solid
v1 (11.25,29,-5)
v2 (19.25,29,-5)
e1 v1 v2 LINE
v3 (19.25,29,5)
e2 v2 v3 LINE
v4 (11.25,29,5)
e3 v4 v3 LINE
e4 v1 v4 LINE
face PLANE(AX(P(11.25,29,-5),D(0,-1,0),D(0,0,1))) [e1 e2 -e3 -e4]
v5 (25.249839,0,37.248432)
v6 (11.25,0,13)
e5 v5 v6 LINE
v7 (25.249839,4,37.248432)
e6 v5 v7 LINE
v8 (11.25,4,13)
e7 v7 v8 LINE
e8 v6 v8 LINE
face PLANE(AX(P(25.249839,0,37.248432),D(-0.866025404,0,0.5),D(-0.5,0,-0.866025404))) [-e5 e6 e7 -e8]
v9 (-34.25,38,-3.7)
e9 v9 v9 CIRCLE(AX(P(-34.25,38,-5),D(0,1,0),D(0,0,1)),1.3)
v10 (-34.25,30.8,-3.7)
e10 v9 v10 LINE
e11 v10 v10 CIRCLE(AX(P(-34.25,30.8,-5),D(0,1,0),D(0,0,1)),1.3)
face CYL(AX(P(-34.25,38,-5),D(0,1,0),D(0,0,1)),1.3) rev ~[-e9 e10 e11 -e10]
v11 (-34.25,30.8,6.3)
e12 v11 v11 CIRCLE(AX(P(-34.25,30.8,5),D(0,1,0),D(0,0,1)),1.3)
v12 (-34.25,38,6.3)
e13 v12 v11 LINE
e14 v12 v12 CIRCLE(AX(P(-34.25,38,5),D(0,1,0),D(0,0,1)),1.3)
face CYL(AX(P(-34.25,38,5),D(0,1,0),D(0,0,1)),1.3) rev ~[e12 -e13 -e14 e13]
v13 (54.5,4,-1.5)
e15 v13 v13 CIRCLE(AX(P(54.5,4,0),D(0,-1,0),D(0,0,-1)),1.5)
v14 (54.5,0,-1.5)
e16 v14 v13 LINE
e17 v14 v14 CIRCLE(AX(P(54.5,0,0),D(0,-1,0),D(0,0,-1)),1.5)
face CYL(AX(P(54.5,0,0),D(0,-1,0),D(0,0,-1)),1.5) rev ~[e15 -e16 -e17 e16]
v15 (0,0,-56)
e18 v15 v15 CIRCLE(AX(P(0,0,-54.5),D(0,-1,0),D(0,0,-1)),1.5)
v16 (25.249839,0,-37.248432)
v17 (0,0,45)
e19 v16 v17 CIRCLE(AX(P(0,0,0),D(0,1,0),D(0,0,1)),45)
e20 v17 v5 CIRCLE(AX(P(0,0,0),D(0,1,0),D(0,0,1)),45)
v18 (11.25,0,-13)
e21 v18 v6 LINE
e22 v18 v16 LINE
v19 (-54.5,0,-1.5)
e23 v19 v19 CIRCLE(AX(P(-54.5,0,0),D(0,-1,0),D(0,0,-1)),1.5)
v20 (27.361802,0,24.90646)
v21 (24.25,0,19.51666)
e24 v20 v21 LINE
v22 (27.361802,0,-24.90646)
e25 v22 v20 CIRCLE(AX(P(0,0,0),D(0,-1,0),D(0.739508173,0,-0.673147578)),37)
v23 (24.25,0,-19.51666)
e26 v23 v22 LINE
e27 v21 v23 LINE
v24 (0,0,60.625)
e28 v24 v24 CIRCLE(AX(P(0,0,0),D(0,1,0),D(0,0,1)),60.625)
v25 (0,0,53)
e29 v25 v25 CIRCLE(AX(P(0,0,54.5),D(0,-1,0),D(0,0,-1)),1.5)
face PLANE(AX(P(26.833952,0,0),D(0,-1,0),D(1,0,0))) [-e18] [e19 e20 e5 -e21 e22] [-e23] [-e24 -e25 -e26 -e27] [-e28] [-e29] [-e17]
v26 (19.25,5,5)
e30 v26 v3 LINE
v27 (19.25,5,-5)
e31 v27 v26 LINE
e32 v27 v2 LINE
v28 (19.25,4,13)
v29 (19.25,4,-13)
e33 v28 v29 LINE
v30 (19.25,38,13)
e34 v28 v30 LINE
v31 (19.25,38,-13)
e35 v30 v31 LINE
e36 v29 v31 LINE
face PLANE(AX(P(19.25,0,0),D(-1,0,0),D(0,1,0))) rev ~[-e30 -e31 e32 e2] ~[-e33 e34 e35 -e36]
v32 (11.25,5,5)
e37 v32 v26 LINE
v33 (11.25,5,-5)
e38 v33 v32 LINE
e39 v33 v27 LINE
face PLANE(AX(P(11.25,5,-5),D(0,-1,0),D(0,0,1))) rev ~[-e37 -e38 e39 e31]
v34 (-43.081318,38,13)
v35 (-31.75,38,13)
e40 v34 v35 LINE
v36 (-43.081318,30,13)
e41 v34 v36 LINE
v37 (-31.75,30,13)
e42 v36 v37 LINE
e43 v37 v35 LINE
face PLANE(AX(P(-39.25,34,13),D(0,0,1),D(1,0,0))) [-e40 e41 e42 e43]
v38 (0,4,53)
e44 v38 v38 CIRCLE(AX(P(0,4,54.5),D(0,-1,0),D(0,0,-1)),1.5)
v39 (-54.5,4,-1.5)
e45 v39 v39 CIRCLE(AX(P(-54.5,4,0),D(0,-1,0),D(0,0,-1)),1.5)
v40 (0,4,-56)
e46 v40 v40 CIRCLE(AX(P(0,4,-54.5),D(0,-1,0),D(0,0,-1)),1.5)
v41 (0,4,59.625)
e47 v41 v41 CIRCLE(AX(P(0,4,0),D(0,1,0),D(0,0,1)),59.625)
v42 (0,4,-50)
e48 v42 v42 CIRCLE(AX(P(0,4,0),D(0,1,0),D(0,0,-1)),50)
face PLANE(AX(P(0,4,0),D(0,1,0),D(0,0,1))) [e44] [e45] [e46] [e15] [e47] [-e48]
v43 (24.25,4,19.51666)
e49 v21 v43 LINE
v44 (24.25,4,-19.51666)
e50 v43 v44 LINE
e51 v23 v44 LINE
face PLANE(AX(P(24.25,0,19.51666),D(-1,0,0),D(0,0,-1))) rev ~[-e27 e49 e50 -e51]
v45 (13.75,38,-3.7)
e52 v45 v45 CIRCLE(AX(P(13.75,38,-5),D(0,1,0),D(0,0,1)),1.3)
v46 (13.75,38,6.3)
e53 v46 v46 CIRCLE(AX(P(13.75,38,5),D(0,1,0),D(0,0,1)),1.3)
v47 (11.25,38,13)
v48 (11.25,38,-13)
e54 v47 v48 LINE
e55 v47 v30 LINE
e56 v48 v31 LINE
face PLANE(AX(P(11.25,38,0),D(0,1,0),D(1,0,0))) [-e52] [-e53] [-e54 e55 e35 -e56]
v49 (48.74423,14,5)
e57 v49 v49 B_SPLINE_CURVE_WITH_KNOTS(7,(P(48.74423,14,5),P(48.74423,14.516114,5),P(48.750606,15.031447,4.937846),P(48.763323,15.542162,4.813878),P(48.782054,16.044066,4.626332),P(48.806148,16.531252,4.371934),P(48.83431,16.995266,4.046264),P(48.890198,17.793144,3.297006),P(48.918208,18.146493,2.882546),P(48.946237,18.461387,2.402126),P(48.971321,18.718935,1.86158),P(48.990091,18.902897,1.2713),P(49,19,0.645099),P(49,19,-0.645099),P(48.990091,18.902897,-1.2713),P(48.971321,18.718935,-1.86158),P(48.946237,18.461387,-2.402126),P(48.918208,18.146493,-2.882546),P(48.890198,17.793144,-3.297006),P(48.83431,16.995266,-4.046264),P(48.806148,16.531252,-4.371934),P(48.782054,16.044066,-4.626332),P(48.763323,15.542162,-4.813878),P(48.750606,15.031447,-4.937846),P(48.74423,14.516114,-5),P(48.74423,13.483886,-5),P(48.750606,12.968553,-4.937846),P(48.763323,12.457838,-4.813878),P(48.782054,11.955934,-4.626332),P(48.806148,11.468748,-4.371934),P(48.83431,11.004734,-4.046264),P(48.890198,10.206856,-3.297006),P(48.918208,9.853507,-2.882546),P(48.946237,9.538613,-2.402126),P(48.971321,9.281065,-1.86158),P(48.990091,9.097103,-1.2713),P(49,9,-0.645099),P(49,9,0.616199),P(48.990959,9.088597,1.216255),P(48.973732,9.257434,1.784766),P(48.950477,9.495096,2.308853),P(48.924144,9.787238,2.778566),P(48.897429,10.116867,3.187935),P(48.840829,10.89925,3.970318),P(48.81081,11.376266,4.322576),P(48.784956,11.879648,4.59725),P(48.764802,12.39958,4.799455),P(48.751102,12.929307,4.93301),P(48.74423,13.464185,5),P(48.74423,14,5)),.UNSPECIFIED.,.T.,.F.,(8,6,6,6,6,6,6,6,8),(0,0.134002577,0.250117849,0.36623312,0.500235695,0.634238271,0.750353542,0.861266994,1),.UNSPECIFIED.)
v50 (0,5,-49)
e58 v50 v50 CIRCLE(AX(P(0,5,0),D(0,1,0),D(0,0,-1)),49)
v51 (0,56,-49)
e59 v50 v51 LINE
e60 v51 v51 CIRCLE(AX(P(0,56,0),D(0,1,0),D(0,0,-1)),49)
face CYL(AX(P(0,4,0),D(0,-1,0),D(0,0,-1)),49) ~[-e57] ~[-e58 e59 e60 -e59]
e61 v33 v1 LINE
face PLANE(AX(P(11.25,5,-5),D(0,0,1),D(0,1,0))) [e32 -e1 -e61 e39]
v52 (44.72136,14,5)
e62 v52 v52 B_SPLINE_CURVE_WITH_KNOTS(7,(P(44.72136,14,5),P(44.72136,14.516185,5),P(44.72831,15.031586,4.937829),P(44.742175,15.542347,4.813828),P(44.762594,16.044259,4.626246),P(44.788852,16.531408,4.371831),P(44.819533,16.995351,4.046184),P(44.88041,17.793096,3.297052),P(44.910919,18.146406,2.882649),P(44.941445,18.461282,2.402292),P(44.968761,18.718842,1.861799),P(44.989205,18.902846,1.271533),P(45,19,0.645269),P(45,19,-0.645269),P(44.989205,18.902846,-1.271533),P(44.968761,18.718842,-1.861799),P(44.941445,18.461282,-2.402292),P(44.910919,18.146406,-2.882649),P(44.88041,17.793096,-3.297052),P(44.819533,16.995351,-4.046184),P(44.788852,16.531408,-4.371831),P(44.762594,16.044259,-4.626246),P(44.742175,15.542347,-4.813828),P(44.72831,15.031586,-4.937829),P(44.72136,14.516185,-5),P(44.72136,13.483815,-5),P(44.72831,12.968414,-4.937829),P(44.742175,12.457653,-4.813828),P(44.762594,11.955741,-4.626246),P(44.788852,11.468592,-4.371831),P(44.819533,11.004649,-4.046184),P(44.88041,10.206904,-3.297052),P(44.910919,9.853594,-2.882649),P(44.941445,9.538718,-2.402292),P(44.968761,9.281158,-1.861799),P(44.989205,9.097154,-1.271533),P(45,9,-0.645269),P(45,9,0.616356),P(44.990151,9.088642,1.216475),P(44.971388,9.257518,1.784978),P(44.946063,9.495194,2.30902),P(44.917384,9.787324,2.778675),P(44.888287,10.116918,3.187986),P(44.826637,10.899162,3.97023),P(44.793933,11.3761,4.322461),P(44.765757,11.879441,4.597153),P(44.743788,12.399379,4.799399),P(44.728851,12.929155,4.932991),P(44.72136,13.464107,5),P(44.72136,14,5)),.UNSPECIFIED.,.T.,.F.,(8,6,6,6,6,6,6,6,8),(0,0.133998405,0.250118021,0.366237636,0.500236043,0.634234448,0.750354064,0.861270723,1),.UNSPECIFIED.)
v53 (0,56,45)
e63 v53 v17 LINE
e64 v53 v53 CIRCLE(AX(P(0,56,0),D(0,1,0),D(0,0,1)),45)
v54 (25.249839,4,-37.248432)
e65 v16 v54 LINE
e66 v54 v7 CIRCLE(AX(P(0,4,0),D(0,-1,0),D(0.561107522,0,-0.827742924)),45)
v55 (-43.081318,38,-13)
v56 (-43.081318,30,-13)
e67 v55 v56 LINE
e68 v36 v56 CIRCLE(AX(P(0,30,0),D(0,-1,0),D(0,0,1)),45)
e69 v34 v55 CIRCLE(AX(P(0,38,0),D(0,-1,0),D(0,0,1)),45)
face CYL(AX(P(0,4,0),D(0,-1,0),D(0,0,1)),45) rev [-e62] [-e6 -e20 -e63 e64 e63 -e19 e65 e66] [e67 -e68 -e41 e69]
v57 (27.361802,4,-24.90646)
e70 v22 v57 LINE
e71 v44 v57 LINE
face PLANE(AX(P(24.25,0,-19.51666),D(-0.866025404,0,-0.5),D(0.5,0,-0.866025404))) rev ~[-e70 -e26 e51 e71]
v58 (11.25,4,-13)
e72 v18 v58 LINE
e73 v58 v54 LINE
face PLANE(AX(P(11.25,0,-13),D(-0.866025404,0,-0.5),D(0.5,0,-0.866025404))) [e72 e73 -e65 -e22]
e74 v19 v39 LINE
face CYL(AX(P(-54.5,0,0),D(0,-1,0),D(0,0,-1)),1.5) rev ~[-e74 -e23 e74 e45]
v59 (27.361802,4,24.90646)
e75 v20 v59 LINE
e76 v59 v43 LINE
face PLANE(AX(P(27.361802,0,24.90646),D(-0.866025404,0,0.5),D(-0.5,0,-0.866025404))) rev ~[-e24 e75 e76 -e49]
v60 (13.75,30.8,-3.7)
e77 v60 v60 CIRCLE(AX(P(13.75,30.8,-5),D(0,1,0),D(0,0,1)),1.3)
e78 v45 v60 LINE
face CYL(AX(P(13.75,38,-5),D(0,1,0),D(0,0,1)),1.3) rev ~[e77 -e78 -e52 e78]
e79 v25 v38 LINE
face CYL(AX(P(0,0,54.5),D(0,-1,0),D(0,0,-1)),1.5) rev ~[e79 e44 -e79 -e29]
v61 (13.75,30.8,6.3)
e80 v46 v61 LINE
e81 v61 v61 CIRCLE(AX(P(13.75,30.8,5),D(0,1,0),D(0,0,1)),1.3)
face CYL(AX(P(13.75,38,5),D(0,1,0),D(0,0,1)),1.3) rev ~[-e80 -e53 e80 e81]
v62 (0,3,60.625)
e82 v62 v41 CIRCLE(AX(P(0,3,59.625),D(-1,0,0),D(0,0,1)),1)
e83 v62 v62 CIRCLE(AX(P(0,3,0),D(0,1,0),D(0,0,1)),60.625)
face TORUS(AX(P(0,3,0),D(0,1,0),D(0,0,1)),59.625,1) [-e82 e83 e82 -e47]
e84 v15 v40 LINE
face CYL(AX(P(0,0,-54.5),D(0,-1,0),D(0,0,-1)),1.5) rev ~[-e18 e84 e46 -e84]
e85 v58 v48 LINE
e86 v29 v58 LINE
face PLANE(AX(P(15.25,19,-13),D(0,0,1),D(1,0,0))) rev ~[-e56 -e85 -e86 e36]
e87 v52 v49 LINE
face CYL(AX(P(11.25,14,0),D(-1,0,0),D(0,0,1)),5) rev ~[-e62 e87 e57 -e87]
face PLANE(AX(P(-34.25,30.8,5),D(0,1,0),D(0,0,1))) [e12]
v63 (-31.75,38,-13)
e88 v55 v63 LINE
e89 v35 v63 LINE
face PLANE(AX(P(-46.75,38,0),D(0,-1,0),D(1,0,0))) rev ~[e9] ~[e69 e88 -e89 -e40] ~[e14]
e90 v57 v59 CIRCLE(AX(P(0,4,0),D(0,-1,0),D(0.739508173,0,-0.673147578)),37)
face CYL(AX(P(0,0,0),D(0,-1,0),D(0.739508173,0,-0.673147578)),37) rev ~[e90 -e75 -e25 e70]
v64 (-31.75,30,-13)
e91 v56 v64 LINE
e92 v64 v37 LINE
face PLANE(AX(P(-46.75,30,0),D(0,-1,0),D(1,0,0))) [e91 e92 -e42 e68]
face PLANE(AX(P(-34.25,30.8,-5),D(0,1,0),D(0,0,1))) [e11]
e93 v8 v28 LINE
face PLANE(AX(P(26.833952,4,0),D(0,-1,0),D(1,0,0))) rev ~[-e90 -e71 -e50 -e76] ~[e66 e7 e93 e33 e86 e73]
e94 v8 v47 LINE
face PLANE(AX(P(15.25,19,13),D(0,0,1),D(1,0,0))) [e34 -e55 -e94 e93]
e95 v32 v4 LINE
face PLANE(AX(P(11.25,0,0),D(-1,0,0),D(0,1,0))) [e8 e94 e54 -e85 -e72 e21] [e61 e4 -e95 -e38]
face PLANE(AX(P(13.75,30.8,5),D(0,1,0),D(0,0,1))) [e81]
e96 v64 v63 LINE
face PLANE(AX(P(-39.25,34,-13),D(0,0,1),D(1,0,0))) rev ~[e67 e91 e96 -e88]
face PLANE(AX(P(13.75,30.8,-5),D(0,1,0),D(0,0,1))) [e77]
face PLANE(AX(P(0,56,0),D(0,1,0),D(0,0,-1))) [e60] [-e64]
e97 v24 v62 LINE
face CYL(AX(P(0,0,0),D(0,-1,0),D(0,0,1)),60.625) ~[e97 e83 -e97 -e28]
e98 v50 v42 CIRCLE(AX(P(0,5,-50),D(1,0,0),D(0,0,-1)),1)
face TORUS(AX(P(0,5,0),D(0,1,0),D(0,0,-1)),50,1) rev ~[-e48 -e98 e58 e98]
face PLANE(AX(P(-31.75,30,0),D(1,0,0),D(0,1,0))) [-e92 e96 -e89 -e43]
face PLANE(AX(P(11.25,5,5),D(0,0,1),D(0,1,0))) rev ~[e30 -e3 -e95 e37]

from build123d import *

# Parameters (mm, degrees)
SKETCH1_R           = 60.625
SKETCH1_R_2         = 45
BOSS_EXTRUDE1_DEPTH = 4
SKETCH2_R           = 49
SKETCH2_R_2         = 45
BOSS_EXTRUDE2_DEPTH = 52
SKETCH3_W           = 8
SKETCH3_H           = 38
SKETCH3_W_2         = 15
SKETCH3_H_2         = 8
BOSS_EXTRUDE3_DEPTH = 13
SKETCH4_W           = 10
SKETCH4_H           = 24
CUT_EXTRUDE1_DEPTH  = 8
SKETCH5_R           = 5
CUT_EXTRUDE2_DEPTH  = 110.441337026
SKETCH6_R           = 1.3
CUT_EXTRUDE3_DEPTH  = 7.2
BOSS_EXTRUDE4_DEPTH = 4
SKETCH8_R           = 1.5
CUT_EXTRUDE4_DEPTH  = 103.404986506
FILLET1_R           = 1


with BuildPart() as part:
    # Sketch1 → Boss-Extrude1 (new body)
    with BuildSketch(Plane(origin=(0, 0, 0), x_dir=(1, 0, 0), z_dir=(0, 1, 0))):
        with Locations(Location((0, 0, 0), (0, 0, 270))):
            Circle(SKETCH1_R)
        with Locations(Location((0, 0, 0), (0, 0, 270))):
            Circle(SKETCH1_R_2, mode=Mode.SUBTRACT)
    extrude(amount=BOSS_EXTRUDE1_DEPTH)

    # Sketch2 → Boss-Extrude2 (add)
    with BuildSketch(Plane(origin=(0, 4, 0), x_dir=(1, 0, 0), z_dir=(0, 1, 0))):
        with Locations(Location((0, 0, 0), (0, 0, 90))):
            Circle(SKETCH2_R)
        with Locations(Location((0, 0, 0), (0, 0, 270))):
            Circle(SKETCH2_R_2, mode=Mode.SUBTRACT)
    extrude(amount=BOSS_EXTRUDE2_DEPTH)

    # Sketch3 → Boss-Extrude3 (add, symmetric)
    with BuildSketch(Plane.XY):
        with Locations((15.25, 19)):
            Rectangle(SKETCH3_W, SKETCH3_H)
        with Locations((-39.25, 34)):
            Rectangle(SKETCH3_W_2, SKETCH3_H_2)
    extrude(amount=BOSS_EXTRUDE3_DEPTH, both=True)


with BuildPart() as boss_extrude3_piece_1:
    # of the separate pieces the step leaves, piece 1, a body of its own (boss_extrude3_pieces)
    add(part.part.solids().sort_by_distance((0, 0, 60.625))[0])

    # Sketch5 → Cut-Extrude2 (cut, through all)
    with BuildSketch(Plane.ZY.offset(-11.25)):
        with Locations((0, 14)):
            Circle(SKETCH5_R)
    extrude(amount=-CUT_EXTRUDE2_DEPTH, mode=Mode.SUBTRACT)


with BuildPart() as boss_extrude3_piece_2:
    # of the separate pieces the step leaves, piece 2, a body of its own (boss_extrude3_pieces)
    add(part.part.solids().sort_by_distance((11.25, 0, -13))[0])

    # Sketch4 → Cut-Extrude1 (cut)
    with BuildSketch(Plane.ZY.offset(-11.25)):
        with Locations((0, 17)):
            Rectangle(SKETCH4_W, SKETCH4_H)
    extrude(amount=-CUT_EXTRUDE1_DEPTH, mode=Mode.SUBTRACT)


with BuildPart() as cut_extrude3_tool:
    # Sketch6 → Cut-Extrude3 (new body)
    with BuildSketch(Plane(origin=(0, 38, 0), x_dir=(1, 0, 0), z_dir=(0, 1, 0))):
        with Locations(Location((-34.25, 5, 0), (0, 0, 270))):
            Circle(SKETCH6_R)
        with Locations(Location((-34.25, -5, 0), (0, 0, 270))):
            Circle(SKETCH6_R)
        with Locations(Location((13.75, 5, 0), (0, 0, 270))):
            Circle(SKETCH6_R)
        with Locations(Location((13.75, -5, 0), (0, 0, 270))):
            Circle(SKETCH6_R)
    extrude(amount=-CUT_EXTRUDE3_DEPTH)


with BuildPart() as boss_extrude3_piece_1_1:
    add(boss_extrude3_piece_1.part)

    # Cut-Extrude3: cut by cut_extrude3_tool
    add(cut_extrude3_tool.part, mode=Mode.SUBTRACT)



with BuildPart() as boss_extrude3_piece_2_1:
    add(boss_extrude3_piece_2.part)

    # Cut-Extrude3: cut by cut_extrude3_tool
    add(cut_extrude3_tool.part, mode=Mode.SUBTRACT)


with BuildPart() as boss_extrude3_piece_1_2:
    add(boss_extrude3_piece_1_1.part)

    add(boss_extrude3_piece_2_1.part)  # Boss-Extrude4 merges Boss-Extrude3 piece 2
    # Sketch7 → Boss-Extrude4 (add)
    with BuildSketch(Plane.XZ):
        with BuildLine():
            Line((11.25, -13), (25.249838503, -37.248431585))
            ThreePointArc((25.249838503, -37.248431585), (45, 0), (25.249838503, 37.248431585))
            Line((25.249838503, 37.248431585), (11.25, 13))
            Line((11.25, 13), (19.25, 13))
            Line((19.25, 13), (19.25, -13))
            Line((19.25, -13), (11.25, -13))
        make_face()
        with BuildLine():
            ThreePointArc((27.361802413, -24.906460381), (37, 0), (27.361802413, 24.906460381))
            Line((27.361802413, 24.906460381), (24.25, 19.516660498))
            Line((24.25, 19.516660498), (24.25, -19.516660498))
            Line((24.25, -19.516660498), (27.361802413, -24.906460381))
        make_face(mode=Mode.SUBTRACT)
    extrude(amount=-BOSS_EXTRUDE4_DEPTH)

    # Sketch8 → Cut-Extrude4 (cut, through all)
    with BuildSketch(Plane.XZ):
        with Locations(Location((54.5, 0, 0), (0, 0, 270))):
            Circle(SKETCH8_R)
        with Locations(Location((0, -54.5, 0), (0, 0, 270))):
            Circle(SKETCH8_R)
        with Locations(Location((-54.5, 0, 0), (0, 0, 270))):
            Circle(SKETCH8_R)
        with Locations(Location((0, 54.5, 0), (0, 0, 270))):
            Circle(SKETCH8_R)
    extrude(amount=-CUT_EXTRUDE4_DEPTH, mode=Mode.SUBTRACT)

    # Fillet1
    fillet1_edges = [boss_extrude3_piece_1_2.edges().sort_by_distance(p)[0] for p in [
        (0, 4, -60.625),
        (0, 4, 49),
    ]]
    fillet(fillet1_edges, radius=FILLET1_R)


solid = boss_extrude3_piece_1_2.part
